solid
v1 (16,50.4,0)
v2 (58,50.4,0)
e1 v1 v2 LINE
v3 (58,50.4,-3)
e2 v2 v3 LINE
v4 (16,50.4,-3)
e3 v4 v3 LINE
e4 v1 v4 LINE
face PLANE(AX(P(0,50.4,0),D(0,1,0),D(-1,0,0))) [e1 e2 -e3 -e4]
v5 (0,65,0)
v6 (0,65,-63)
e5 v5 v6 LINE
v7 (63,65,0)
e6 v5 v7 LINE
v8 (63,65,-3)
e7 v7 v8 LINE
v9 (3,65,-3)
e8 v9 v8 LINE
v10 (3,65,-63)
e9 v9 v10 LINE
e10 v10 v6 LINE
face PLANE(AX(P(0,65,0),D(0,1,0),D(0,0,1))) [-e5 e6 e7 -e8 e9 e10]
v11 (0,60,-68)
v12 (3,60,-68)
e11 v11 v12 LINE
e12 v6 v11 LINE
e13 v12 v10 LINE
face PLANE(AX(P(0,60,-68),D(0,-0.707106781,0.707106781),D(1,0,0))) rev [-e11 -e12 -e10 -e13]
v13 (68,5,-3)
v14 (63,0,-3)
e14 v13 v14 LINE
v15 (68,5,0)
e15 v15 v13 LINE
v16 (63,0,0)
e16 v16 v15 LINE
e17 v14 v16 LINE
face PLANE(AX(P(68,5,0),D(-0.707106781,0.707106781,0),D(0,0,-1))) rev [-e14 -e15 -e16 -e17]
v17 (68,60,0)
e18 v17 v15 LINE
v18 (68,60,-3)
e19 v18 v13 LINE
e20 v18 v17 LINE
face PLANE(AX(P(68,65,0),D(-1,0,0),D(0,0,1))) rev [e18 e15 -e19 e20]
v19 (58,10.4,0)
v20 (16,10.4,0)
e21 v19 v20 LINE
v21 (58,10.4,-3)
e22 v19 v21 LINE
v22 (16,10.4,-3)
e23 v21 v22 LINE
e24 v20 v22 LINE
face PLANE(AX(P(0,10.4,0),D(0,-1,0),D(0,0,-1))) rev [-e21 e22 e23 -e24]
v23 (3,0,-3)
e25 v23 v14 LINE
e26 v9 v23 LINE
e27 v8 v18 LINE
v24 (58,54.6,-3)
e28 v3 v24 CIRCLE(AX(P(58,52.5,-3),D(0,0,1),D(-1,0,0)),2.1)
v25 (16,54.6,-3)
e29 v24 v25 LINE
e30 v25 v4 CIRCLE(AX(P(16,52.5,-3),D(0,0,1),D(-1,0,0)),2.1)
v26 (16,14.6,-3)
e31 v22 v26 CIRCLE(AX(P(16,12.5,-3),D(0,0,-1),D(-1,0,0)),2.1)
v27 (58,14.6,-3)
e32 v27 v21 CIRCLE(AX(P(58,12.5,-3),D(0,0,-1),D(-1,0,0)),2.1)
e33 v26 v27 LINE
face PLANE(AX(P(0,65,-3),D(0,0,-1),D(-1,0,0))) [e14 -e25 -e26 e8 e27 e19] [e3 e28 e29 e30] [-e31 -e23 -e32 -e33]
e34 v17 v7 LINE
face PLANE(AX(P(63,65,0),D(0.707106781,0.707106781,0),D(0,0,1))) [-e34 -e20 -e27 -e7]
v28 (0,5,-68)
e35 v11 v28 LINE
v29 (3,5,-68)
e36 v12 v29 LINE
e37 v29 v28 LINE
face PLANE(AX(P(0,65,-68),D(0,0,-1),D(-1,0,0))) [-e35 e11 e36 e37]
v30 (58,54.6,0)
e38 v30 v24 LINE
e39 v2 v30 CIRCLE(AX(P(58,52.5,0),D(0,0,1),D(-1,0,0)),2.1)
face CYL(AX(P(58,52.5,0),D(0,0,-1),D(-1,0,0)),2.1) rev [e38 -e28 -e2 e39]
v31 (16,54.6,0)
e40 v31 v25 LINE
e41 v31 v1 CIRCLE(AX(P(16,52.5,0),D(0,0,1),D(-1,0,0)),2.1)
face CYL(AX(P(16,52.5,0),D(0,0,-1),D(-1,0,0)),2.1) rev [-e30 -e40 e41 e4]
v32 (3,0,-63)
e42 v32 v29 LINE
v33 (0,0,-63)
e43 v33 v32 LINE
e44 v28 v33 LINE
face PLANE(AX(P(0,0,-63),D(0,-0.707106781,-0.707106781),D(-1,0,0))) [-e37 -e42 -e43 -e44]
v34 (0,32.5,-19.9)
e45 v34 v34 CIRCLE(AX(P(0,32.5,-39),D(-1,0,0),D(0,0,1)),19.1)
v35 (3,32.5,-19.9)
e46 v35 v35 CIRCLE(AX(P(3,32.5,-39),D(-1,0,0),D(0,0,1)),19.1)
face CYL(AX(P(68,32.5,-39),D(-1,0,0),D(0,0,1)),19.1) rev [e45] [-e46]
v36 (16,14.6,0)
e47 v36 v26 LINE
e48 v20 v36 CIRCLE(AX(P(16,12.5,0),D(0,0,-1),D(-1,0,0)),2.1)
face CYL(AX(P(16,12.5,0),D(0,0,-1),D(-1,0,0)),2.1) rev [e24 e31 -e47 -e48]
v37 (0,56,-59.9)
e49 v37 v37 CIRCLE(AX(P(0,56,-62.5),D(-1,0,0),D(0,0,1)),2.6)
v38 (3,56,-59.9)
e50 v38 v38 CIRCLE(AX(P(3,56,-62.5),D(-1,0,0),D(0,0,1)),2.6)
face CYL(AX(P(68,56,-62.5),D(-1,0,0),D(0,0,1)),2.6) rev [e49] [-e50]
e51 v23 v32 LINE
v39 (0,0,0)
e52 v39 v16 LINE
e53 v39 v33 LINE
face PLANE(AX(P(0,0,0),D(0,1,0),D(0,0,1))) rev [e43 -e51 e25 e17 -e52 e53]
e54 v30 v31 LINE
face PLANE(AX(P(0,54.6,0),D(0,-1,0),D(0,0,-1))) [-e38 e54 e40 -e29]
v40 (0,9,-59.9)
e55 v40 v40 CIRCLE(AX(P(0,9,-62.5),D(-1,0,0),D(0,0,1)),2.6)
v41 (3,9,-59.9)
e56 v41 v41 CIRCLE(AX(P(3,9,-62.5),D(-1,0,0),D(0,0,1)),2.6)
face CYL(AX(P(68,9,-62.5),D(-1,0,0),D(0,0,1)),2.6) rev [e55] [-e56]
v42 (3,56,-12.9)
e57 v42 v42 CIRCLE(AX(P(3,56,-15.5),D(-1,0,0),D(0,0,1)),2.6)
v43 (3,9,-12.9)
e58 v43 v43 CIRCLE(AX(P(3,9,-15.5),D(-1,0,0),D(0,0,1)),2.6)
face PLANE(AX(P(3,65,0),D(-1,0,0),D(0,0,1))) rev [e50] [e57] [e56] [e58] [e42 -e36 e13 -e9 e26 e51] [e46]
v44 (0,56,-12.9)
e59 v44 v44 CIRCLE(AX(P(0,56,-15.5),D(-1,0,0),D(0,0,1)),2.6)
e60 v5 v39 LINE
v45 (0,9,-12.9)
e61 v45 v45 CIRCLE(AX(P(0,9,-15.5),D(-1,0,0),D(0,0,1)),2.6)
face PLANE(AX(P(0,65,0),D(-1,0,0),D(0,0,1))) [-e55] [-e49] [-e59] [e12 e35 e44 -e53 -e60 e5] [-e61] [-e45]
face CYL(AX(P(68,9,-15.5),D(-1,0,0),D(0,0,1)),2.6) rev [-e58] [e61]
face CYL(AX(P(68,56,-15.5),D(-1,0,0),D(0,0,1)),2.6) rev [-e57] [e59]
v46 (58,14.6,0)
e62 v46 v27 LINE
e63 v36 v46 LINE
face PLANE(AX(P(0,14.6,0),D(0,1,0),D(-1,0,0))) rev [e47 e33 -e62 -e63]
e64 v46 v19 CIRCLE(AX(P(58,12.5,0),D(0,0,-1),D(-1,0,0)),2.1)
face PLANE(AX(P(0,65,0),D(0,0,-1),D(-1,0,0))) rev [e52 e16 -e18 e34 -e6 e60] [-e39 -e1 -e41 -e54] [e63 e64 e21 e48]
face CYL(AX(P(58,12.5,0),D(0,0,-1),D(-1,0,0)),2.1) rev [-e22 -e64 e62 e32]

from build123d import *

# Parameters (mm, degrees)
EXTRUDE_1_DEPTH     = 65
SKETCH_2_R          = 19.1
SKETCH_2_R_2        = 2.6
CUT_EXTRUDE_1_DEPTH = 117.073252733
CUT_EXTRUDE_2_DEPTH = 115.341593482
CHAMFER_1_SIZE      = 5


with BuildPart() as part:
    # 草图1 → 凸台-拉伸1 (new body)
    with BuildSketch(Plane(origin=(0, 0, 0), x_dir=(1, 0, 0), z_dir=(0, 1, 0))):
        Polygon((0, 0), (68, 0), (68, 3), (3, 3), (3, 68), (0, 68), align=None)
    extrude(amount=EXTRUDE_1_DEPTH)

    # 草图2 → 切除-拉伸1 (cut, through all)
    with BuildSketch(Plane.ZY):
        with Locations((-39, 32.5)):
            Circle(SKETCH_2_R)
        with Locations((-62.5, 56)):
            Circle(SKETCH_2_R_2)
        with Locations((-62.5, 9)):
            Circle(SKETCH_2_R_2)
        with Locations((-15.5, 56)):
            Circle(SKETCH_2_R_2)
        with Locations((-15.5, 9)):
            Circle(SKETCH_2_R_2)
    extrude(amount=-CUT_EXTRUDE_1_DEPTH, mode=Mode.SUBTRACT)

    # 草图3 → 切除-拉伸2 (cut, through all)
    with BuildSketch(Plane(origin=(0, 0, -3), x_dir=(-1, 0, 0), z_dir=(0, 0, -1))):
        with BuildLine():
            Line((-16, 14.6), (-58, 14.6))
            ThreePointArc((-58, 14.6), (-60.1, 12.5), (-58, 10.4))
            Line((-58, 10.4), (-16, 10.4))
            ThreePointArc((-16, 10.4), (-13.9, 12.5), (-16, 14.6))
        make_face()
    cut_extrude_2 = extrude(amount=-CUT_EXTRUDE_2_DEPTH, mode=Mode.SUBTRACT)

    # 镜向1: 切除-拉伸2 across plane
    add(cut_extrude_2.mirror(Plane.ZX.offset(32.5)), mode=Mode.SUBTRACT)

    # 倒角1
    chamfer_1_edges = [part.edges().sort_by_distance(p)[0] for p in [
        (1.5, 65, -68),
        (68, 65, -1.5),
        (68, 0, -1.5),
        (1.5, 0, -68),
    ]]
    chamfer(chamfer_1_edges, length=CHAMFER_1_SIZE)


solid = part.part
